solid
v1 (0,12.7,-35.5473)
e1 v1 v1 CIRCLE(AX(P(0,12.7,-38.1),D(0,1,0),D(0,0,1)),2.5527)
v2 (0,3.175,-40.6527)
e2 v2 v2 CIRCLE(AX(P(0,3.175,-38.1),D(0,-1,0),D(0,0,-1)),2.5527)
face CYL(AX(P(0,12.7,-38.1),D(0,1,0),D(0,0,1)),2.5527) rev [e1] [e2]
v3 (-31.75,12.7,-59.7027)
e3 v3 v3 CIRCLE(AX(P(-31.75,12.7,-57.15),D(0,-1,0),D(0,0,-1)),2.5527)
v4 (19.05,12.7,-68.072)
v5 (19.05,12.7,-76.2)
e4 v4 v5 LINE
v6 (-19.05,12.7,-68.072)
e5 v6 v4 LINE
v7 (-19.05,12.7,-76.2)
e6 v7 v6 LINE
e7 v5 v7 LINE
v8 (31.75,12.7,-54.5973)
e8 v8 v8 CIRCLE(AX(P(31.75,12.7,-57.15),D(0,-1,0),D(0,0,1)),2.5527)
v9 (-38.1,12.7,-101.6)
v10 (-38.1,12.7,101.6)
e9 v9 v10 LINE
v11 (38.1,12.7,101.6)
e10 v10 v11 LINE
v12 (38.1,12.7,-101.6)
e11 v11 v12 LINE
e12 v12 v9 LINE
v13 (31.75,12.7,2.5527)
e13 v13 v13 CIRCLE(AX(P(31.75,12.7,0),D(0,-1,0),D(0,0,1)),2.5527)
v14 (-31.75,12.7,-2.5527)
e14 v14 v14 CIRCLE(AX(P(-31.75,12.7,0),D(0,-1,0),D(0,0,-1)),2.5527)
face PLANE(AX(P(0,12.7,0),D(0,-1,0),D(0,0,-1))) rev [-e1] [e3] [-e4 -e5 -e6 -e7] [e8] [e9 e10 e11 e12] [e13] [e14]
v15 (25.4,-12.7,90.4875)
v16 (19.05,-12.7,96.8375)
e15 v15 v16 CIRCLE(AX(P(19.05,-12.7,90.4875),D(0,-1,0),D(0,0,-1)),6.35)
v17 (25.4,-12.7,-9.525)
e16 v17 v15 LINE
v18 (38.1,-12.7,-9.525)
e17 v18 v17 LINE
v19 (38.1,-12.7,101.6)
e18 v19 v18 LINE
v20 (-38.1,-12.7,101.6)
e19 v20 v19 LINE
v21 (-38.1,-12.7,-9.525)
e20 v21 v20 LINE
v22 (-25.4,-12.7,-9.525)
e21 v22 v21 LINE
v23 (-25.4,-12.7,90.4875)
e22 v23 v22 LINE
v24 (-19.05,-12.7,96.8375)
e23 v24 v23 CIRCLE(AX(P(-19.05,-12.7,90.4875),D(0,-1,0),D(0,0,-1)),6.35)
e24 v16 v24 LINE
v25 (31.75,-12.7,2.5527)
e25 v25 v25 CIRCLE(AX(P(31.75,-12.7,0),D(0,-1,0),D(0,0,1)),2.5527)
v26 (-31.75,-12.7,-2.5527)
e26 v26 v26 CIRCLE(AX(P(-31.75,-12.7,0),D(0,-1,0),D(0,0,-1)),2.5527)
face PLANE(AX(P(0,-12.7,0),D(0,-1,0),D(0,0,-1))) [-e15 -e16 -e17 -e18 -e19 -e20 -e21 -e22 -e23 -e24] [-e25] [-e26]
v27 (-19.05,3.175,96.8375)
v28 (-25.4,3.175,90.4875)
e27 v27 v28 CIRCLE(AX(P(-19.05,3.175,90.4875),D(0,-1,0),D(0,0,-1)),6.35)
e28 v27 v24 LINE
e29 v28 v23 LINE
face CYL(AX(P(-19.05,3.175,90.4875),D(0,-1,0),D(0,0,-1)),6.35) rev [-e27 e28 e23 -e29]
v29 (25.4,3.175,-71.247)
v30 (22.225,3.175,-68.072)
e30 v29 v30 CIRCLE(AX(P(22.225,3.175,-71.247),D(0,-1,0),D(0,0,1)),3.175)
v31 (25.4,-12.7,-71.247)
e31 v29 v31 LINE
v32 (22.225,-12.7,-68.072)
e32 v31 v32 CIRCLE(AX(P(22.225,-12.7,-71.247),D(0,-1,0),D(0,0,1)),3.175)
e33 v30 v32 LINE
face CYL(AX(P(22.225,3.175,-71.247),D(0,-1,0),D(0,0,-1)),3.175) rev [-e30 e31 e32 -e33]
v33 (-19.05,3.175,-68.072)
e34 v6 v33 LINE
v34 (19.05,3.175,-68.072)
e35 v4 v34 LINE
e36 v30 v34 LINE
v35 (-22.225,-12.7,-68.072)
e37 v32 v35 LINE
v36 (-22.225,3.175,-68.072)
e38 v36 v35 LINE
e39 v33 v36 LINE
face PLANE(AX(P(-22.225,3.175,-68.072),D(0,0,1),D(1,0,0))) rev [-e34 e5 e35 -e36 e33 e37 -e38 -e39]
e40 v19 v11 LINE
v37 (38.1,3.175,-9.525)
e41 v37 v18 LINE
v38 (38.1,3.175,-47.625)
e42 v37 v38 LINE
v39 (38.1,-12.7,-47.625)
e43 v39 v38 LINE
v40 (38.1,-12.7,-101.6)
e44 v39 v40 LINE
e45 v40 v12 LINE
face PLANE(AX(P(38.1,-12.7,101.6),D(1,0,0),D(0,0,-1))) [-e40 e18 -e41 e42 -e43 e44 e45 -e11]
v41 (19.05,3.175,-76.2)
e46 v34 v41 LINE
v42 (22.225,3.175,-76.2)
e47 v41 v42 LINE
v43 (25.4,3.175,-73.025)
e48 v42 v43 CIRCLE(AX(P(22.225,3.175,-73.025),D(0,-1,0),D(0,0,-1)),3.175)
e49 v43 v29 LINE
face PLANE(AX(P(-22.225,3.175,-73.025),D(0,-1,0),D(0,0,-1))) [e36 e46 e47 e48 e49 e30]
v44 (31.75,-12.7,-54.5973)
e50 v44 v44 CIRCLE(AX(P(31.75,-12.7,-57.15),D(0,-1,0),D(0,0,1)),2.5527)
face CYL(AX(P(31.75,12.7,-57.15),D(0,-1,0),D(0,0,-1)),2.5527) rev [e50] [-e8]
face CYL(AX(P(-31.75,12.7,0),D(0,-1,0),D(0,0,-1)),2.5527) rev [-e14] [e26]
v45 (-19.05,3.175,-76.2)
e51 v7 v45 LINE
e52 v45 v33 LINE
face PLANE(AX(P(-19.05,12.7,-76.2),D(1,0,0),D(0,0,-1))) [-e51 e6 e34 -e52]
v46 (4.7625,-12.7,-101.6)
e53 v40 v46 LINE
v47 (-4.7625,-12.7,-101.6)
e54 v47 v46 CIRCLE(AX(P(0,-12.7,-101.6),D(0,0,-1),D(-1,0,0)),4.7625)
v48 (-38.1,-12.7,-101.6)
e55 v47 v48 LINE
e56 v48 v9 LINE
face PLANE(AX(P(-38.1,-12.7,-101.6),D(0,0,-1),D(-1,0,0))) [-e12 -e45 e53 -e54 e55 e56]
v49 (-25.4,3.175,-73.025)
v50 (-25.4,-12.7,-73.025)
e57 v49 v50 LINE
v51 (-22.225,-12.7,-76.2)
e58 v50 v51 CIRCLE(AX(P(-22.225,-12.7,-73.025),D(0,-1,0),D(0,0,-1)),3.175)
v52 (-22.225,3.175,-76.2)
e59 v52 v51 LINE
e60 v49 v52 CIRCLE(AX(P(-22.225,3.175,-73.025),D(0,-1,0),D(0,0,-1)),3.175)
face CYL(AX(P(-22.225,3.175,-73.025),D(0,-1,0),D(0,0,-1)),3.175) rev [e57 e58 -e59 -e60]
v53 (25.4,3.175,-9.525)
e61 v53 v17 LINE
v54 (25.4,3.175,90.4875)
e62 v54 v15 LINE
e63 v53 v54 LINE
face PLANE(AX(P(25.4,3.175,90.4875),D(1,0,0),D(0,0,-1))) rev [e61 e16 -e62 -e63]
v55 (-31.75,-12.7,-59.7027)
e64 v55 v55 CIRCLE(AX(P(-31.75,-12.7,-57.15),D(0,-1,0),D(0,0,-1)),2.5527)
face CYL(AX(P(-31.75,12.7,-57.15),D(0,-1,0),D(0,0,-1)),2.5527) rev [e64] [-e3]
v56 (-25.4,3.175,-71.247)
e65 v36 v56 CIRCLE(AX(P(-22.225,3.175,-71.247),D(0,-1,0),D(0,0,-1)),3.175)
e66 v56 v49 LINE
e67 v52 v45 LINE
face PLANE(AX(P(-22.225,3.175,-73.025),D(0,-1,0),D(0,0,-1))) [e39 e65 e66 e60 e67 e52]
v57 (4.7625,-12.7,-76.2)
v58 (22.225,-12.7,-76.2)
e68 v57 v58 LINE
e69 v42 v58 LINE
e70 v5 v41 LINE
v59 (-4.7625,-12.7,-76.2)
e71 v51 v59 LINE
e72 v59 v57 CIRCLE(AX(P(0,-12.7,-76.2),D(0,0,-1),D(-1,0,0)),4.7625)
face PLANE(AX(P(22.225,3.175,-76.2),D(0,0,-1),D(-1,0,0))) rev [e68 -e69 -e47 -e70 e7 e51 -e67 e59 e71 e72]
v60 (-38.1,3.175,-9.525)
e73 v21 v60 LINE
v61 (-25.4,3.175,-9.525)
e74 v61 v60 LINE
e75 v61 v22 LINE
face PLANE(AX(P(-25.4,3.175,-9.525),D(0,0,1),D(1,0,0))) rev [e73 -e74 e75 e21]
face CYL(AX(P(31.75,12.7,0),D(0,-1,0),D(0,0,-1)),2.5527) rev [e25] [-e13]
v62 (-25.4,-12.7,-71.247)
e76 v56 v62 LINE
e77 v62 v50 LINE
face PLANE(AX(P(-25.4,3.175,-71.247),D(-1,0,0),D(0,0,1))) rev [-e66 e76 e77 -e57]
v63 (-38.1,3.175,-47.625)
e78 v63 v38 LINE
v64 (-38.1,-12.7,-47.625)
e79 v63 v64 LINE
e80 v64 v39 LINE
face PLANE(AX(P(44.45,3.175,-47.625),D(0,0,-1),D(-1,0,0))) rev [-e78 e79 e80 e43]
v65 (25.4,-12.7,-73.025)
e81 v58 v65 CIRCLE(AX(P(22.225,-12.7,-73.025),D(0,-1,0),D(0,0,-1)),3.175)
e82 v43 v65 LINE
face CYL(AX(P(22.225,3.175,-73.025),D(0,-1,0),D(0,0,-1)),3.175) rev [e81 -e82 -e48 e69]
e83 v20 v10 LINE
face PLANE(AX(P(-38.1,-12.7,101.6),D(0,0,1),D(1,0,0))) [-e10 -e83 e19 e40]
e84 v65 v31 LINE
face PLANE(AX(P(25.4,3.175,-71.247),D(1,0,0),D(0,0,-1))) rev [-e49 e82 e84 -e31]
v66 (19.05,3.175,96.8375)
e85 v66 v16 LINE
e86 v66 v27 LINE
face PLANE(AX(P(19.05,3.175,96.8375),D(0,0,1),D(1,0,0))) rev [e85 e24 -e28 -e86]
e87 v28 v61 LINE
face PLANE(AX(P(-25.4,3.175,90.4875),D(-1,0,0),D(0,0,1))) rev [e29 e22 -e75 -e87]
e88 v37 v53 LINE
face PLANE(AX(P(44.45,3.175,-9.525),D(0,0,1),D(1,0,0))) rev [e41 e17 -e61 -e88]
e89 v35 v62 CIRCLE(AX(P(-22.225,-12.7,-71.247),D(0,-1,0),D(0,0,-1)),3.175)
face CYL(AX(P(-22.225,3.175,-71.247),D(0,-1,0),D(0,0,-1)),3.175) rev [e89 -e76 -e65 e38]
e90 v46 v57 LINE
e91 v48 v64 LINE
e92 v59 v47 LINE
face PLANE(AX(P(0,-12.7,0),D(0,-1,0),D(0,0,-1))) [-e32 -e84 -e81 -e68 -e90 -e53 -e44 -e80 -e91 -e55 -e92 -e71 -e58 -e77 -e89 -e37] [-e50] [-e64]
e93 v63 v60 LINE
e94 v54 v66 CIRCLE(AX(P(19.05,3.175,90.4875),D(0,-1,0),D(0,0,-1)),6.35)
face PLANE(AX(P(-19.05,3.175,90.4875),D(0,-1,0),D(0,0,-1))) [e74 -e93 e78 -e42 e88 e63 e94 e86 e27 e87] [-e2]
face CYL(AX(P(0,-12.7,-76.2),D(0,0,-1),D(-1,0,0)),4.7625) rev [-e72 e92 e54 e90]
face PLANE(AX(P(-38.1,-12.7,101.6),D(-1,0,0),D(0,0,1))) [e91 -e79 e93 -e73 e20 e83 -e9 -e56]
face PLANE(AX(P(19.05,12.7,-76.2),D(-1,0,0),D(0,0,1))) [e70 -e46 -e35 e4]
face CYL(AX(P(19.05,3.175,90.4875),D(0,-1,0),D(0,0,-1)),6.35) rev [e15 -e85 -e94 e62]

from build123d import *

# Parameters (mm, degrees)
BOSS_EXTRUDE1_DEPTH         = 12.7
BOSS_EXTRUDE1_DEPTH_BACK    = 12.7
SKETCH1_W                   = 76.2
SKETCH1_H                   = 203.2
SKETCH2_R                   = 4.7625
CUT_EXTRUDE1_DEPTH          = 25.4
CUT_EXTRUDE2_DEPTH          = 15.875
SKETCH5_W                   = 38.1
SKETCH5_H                   = 8.128
CUT_EXTRUDE4_DEPTH          = 110.249530891
F_1_4_20_TAPPED_HOLE1_D     = 5.1054
F_1_4_20_TAPPED_HOLE1_DEPTH = 19.05
F_1_4_20_TAPPED_HOLE1_TIP   = 1.533816902
SKETCH9_R                   = 2.5527
CUT_EXTRUDE5_DEPTH          = 112.44204772


with BuildPart() as part:
    # Sketch1 → Boss-Extrude1 (new, two sides: drawn at the far end of the back side and taken through both)
    with BuildSketch(Plane(origin=(0, 0, 0), x_dir=(1, 0, 0), z_dir=(0, 1, 0)).offset(-BOSS_EXTRUDE1_DEPTH_BACK)):
        Rectangle(SKETCH1_W, SKETCH1_H)
    extrude(amount=BOSS_EXTRUDE1_DEPTH + BOSS_EXTRUDE1_DEPTH_BACK)

    # Sketch2 → Cut-Extrude1 (cut)
    with BuildSketch(Plane(origin=(0, 0, -101.6), x_dir=(-1, 0, 0), z_dir=(0, 0, -1))):
        with Locations((0, -12.7)):
            Circle(SKETCH2_R)
    extrude(amount=-CUT_EXTRUDE1_DEPTH, mode=Mode.SUBTRACT)

    # Sketch3 → Cut-Extrude2 (cut)
    with BuildSketch(Plane(origin=(0, -12.7, 0), x_dir=(-1, 0, 0), z_dir=(0, -1, 0))):
        with BuildLine():
            Line((-19.05, -96.8375), (19.05, -96.8375))
            ThreePointArc((19.05, -96.8375), (23.540128061, -94.977628061), (25.4, -90.4875))
            Line((25.4, -90.4875), (25.4, 9.525))
            Line((25.4, 9.525), (44.45, 9.525))
            Line((44.45, 9.525), (44.45, 47.625))
            Line((44.45, 47.625), (-44.45, 47.625))
            Line((-44.45, 47.625), (-44.45, 9.525))
            Line((-44.45, 9.525), (-25.4, 9.525))
            Line((-25.4, 9.525), (-25.4, -90.4875))
            ThreePointArc((-25.4, -90.4875), (-23.540128061, -94.977628061), (-19.05, -96.8375))
        make_face()
        with BuildLine():
            Line((-22.225, 76.2), (22.225, 76.2))
            ThreePointArc((22.225, 76.2), (24.47006403, 75.27006403), (25.4, 73.025))
            Line((25.4, 73.025), (25.4, 71.247))
            ThreePointArc((25.4, 71.247), (24.47006403, 69.00193597), (22.225, 68.072))
            Line((22.225, 68.072), (-22.225, 68.072))
            ThreePointArc((-22.225, 68.072), (-24.47006403, 69.00193597), (-25.4, 71.247))
            Line((-25.4, 71.247), (-25.4, 73.025))
            ThreePointArc((-25.4, 73.025), (-24.47006403, 75.27006403), (-22.225, 76.2))
        make_face()
    extrude(amount=-CUT_EXTRUDE2_DEPTH, mode=Mode.SUBTRACT)

    # Sketch5 → Cut-Extrude4 (cut, through all)
    with BuildSketch(Plane(origin=(0, 0, 0), x_dir=(1, 0, 0), z_dir=(0, 1, 0))):
        with Locations((0, 72.136)):
            Rectangle(SKETCH5_W, SKETCH5_H)
    extrude(amount=CUT_EXTRUDE4_DEPTH, mode=Mode.SUBTRACT)

    # 1/4-20 Tapped Hole1
    with Locations(Plane(origin=(-11.034450397, 12.7, 14.547513529), x_dir=(-1, 0, 0), z_dir=(0, 1, 0))):
        with Locations((-11.034450397, -52.647513529)):
            Hole(F_1_4_20_TAPPED_HOLE1_D / 2, depth=F_1_4_20_TAPPED_HOLE1_DEPTH)
            with Locations((0, 0, -(F_1_4_20_TAPPED_HOLE1_DEPTH + F_1_4_20_TAPPED_HOLE1_TIP / 2))):  # 118° drill point
                Cone(0, F_1_4_20_TAPPED_HOLE1_D / 2, F_1_4_20_TAPPED_HOLE1_TIP, mode=Mode.SUBTRACT)

    # Sketch9 → Cut-Extrude5 (cut, through all)
    with BuildSketch(Plane(origin=(0, -12.7, 0), x_dir=(-1, 0, 0), z_dir=(0, -1, 0))):
        with Locations((31.75, 57.15)):
            Circle(SKETCH9_R)
        with Locations((31.75, 0)):
            Circle(SKETCH9_R)
        with Locations((-31.75, 0)):
            Circle(SKETCH9_R)
        with Locations((-31.75, 57.15)):
            Circle(SKETCH9_R)
    extrude(amount=-CUT_EXTRUDE5_DEPTH, mode=Mode.SUBTRACT)


solid = part.part
